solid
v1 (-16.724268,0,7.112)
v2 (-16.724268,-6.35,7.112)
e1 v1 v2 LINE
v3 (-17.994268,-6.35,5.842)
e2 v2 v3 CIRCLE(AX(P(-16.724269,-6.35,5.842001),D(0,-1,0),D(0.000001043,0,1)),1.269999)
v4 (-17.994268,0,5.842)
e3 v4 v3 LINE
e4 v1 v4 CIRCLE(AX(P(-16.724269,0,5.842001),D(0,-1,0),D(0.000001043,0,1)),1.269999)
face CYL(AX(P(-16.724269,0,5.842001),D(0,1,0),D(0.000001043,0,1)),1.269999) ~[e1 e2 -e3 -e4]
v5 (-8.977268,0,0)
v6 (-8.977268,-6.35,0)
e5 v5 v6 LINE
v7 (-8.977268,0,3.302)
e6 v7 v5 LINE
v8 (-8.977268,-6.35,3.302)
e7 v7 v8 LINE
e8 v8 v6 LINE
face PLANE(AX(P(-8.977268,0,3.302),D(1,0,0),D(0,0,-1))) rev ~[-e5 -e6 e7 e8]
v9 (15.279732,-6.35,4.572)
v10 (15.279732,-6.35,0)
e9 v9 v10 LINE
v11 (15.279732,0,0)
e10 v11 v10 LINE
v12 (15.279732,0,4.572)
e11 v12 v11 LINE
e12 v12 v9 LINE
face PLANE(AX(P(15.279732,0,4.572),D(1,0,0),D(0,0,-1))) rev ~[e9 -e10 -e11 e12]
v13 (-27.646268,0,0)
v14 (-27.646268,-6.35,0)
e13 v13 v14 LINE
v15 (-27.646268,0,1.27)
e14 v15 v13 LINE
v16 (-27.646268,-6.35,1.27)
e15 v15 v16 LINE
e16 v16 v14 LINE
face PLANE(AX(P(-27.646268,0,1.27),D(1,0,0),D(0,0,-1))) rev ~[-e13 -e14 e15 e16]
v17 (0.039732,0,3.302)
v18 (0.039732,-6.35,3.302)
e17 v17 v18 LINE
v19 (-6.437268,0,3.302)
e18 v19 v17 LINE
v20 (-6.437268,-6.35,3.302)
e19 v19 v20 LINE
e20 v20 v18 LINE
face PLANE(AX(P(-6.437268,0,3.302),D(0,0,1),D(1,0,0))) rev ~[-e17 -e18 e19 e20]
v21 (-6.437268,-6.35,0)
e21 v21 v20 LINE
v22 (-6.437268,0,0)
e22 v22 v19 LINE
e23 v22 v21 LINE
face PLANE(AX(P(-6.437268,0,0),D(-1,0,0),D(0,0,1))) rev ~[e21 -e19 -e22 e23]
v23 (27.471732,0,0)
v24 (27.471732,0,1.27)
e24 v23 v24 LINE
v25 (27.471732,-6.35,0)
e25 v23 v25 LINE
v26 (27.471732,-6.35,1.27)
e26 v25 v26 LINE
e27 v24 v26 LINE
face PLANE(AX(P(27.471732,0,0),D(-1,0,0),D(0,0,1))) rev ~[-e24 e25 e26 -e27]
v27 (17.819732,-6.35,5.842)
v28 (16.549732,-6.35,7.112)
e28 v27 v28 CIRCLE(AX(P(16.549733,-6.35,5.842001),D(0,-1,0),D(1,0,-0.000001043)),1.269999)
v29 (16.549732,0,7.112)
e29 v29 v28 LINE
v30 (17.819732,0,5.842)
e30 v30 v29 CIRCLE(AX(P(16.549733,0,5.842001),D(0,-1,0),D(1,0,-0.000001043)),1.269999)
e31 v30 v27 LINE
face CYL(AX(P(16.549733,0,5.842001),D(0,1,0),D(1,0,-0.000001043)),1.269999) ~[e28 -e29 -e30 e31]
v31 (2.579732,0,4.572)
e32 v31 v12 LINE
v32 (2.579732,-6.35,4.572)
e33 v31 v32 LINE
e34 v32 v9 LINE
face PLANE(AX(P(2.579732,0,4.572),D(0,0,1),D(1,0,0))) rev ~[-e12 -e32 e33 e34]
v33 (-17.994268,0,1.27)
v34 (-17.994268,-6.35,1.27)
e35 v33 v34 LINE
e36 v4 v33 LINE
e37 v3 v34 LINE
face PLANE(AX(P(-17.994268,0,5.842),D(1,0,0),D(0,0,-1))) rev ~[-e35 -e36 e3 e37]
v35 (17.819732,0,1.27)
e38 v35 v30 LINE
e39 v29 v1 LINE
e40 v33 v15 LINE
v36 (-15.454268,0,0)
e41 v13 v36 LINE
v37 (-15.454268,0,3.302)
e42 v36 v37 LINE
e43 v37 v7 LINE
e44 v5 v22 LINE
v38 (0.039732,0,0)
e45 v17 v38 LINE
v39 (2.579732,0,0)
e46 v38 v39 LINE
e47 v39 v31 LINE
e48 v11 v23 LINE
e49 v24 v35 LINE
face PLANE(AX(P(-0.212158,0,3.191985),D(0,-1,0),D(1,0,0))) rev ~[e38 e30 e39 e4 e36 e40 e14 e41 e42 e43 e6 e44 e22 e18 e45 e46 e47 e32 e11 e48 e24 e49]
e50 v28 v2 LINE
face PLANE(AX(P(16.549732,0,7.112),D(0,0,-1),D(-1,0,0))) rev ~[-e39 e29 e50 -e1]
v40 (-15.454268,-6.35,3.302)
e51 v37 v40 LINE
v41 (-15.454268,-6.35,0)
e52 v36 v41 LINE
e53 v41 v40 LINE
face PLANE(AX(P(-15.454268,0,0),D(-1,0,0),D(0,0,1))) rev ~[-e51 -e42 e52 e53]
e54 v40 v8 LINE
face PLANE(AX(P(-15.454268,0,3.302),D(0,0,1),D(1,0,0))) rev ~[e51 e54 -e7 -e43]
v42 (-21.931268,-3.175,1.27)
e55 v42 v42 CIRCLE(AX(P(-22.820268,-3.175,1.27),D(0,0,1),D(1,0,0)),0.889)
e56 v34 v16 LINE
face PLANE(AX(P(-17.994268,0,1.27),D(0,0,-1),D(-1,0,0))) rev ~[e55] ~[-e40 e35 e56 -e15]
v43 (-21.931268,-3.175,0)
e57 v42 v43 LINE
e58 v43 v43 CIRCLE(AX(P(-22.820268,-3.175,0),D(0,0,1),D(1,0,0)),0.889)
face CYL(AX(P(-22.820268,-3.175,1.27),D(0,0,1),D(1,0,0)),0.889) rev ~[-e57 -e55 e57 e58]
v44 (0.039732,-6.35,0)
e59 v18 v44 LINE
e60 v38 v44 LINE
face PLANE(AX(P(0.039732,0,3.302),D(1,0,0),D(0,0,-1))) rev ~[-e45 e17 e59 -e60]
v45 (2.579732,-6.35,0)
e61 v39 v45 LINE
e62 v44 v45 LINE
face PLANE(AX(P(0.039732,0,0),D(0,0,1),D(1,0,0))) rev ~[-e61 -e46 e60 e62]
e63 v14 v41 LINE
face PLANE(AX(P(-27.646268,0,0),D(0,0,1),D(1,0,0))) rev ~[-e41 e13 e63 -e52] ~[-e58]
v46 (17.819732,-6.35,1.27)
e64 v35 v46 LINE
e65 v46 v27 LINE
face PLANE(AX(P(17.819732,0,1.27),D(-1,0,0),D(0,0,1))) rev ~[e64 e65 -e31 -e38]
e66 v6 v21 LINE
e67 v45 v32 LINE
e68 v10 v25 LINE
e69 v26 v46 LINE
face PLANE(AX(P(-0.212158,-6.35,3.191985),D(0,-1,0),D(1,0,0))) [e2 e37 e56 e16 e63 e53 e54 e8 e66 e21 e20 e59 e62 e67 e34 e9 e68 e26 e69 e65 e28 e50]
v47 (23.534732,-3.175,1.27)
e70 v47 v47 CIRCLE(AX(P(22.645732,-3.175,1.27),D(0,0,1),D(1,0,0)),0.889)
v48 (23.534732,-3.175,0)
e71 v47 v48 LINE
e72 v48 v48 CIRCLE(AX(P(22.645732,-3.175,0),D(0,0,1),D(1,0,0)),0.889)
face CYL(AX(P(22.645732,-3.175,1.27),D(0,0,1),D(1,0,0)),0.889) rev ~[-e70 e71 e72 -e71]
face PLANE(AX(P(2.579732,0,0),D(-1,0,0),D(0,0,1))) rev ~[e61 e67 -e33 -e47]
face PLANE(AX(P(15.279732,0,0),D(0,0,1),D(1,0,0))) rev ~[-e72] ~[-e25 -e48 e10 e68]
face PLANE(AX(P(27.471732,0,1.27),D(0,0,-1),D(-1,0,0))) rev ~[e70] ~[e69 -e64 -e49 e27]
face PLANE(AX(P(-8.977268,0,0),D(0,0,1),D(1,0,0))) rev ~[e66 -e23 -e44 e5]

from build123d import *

# Parameters (mm, degrees)
F1_DEPTH = 6.35
F2_R     = 0.889
F3_DEPTH = 1.27


with BuildPart() as f1:
    # F0 (on Front) → F1 (new body)
    with BuildSketch(Plane.XZ):
        with BuildLine():
            Line((15.279732, 4.572), (15.279732, 0))
            Line((15.279732, 0), (17.819732, 0))
            Line((17.819732, 0), (27.471732, 0))
            Line((27.471732, 0), (27.471732, 1.27))
            Line((27.471732, 1.27), (17.819732, 1.27))
            Line((17.819732, 1.27), (17.819732, 5.842))
            ThreePointArc((17.819732, 5.842), (17.447758, 6.740026), (16.549732, 7.112))
            Line((16.549732, 7.112), (-16.724268, 7.112))
            ThreePointArc((-16.724268, 7.112), (-17.622294, 6.740026), (-17.994268, 5.842))
            Line((-17.994268, 5.842), (-17.994268, 1.27))
            Line((-17.994268, 1.27), (-27.646268, 1.27))
            Line((-27.646268, 1.27), (-27.646268, 0))
            Line((-27.646268, 0), (-17.994268, 0))
            Line((-17.994268, 0), (-15.454268, 0))
            Line((-15.454268, 0), (-15.454268, 3.302))
            Line((-15.454268, 3.302), (-8.977268, 3.302))
            Line((-8.977268, 3.302), (-8.977268, 0))
            Line((-8.977268, 0), (-6.437268, 0))
            Line((-6.437268, 0), (-6.437268, 3.302))
            Line((-6.437268, 3.302), (0.039732, 3.302))
            Line((0.039732, 3.302), (0.039732, 0))
            Line((0.039732, 0), (2.579732, 0))
            Line((2.579732, 0), (2.579732, 4.572))
            Line((2.579732, 4.572), (15.279732, 4.572))
        make_face()
    extrude(amount=F1_DEPTH)

    # F2 (on face) → F3 (cut, through all)
    with BuildSketch(Plane.XY.offset(1.27)):
        with Locations((-22.820268, -3.175)):
            Circle(F2_R)
        with Locations((22.645732, -3.175)):
            Circle(F2_R)
    extrude(amount=-F3_DEPTH, mode=Mode.SUBTRACT)


solid = f1.part
